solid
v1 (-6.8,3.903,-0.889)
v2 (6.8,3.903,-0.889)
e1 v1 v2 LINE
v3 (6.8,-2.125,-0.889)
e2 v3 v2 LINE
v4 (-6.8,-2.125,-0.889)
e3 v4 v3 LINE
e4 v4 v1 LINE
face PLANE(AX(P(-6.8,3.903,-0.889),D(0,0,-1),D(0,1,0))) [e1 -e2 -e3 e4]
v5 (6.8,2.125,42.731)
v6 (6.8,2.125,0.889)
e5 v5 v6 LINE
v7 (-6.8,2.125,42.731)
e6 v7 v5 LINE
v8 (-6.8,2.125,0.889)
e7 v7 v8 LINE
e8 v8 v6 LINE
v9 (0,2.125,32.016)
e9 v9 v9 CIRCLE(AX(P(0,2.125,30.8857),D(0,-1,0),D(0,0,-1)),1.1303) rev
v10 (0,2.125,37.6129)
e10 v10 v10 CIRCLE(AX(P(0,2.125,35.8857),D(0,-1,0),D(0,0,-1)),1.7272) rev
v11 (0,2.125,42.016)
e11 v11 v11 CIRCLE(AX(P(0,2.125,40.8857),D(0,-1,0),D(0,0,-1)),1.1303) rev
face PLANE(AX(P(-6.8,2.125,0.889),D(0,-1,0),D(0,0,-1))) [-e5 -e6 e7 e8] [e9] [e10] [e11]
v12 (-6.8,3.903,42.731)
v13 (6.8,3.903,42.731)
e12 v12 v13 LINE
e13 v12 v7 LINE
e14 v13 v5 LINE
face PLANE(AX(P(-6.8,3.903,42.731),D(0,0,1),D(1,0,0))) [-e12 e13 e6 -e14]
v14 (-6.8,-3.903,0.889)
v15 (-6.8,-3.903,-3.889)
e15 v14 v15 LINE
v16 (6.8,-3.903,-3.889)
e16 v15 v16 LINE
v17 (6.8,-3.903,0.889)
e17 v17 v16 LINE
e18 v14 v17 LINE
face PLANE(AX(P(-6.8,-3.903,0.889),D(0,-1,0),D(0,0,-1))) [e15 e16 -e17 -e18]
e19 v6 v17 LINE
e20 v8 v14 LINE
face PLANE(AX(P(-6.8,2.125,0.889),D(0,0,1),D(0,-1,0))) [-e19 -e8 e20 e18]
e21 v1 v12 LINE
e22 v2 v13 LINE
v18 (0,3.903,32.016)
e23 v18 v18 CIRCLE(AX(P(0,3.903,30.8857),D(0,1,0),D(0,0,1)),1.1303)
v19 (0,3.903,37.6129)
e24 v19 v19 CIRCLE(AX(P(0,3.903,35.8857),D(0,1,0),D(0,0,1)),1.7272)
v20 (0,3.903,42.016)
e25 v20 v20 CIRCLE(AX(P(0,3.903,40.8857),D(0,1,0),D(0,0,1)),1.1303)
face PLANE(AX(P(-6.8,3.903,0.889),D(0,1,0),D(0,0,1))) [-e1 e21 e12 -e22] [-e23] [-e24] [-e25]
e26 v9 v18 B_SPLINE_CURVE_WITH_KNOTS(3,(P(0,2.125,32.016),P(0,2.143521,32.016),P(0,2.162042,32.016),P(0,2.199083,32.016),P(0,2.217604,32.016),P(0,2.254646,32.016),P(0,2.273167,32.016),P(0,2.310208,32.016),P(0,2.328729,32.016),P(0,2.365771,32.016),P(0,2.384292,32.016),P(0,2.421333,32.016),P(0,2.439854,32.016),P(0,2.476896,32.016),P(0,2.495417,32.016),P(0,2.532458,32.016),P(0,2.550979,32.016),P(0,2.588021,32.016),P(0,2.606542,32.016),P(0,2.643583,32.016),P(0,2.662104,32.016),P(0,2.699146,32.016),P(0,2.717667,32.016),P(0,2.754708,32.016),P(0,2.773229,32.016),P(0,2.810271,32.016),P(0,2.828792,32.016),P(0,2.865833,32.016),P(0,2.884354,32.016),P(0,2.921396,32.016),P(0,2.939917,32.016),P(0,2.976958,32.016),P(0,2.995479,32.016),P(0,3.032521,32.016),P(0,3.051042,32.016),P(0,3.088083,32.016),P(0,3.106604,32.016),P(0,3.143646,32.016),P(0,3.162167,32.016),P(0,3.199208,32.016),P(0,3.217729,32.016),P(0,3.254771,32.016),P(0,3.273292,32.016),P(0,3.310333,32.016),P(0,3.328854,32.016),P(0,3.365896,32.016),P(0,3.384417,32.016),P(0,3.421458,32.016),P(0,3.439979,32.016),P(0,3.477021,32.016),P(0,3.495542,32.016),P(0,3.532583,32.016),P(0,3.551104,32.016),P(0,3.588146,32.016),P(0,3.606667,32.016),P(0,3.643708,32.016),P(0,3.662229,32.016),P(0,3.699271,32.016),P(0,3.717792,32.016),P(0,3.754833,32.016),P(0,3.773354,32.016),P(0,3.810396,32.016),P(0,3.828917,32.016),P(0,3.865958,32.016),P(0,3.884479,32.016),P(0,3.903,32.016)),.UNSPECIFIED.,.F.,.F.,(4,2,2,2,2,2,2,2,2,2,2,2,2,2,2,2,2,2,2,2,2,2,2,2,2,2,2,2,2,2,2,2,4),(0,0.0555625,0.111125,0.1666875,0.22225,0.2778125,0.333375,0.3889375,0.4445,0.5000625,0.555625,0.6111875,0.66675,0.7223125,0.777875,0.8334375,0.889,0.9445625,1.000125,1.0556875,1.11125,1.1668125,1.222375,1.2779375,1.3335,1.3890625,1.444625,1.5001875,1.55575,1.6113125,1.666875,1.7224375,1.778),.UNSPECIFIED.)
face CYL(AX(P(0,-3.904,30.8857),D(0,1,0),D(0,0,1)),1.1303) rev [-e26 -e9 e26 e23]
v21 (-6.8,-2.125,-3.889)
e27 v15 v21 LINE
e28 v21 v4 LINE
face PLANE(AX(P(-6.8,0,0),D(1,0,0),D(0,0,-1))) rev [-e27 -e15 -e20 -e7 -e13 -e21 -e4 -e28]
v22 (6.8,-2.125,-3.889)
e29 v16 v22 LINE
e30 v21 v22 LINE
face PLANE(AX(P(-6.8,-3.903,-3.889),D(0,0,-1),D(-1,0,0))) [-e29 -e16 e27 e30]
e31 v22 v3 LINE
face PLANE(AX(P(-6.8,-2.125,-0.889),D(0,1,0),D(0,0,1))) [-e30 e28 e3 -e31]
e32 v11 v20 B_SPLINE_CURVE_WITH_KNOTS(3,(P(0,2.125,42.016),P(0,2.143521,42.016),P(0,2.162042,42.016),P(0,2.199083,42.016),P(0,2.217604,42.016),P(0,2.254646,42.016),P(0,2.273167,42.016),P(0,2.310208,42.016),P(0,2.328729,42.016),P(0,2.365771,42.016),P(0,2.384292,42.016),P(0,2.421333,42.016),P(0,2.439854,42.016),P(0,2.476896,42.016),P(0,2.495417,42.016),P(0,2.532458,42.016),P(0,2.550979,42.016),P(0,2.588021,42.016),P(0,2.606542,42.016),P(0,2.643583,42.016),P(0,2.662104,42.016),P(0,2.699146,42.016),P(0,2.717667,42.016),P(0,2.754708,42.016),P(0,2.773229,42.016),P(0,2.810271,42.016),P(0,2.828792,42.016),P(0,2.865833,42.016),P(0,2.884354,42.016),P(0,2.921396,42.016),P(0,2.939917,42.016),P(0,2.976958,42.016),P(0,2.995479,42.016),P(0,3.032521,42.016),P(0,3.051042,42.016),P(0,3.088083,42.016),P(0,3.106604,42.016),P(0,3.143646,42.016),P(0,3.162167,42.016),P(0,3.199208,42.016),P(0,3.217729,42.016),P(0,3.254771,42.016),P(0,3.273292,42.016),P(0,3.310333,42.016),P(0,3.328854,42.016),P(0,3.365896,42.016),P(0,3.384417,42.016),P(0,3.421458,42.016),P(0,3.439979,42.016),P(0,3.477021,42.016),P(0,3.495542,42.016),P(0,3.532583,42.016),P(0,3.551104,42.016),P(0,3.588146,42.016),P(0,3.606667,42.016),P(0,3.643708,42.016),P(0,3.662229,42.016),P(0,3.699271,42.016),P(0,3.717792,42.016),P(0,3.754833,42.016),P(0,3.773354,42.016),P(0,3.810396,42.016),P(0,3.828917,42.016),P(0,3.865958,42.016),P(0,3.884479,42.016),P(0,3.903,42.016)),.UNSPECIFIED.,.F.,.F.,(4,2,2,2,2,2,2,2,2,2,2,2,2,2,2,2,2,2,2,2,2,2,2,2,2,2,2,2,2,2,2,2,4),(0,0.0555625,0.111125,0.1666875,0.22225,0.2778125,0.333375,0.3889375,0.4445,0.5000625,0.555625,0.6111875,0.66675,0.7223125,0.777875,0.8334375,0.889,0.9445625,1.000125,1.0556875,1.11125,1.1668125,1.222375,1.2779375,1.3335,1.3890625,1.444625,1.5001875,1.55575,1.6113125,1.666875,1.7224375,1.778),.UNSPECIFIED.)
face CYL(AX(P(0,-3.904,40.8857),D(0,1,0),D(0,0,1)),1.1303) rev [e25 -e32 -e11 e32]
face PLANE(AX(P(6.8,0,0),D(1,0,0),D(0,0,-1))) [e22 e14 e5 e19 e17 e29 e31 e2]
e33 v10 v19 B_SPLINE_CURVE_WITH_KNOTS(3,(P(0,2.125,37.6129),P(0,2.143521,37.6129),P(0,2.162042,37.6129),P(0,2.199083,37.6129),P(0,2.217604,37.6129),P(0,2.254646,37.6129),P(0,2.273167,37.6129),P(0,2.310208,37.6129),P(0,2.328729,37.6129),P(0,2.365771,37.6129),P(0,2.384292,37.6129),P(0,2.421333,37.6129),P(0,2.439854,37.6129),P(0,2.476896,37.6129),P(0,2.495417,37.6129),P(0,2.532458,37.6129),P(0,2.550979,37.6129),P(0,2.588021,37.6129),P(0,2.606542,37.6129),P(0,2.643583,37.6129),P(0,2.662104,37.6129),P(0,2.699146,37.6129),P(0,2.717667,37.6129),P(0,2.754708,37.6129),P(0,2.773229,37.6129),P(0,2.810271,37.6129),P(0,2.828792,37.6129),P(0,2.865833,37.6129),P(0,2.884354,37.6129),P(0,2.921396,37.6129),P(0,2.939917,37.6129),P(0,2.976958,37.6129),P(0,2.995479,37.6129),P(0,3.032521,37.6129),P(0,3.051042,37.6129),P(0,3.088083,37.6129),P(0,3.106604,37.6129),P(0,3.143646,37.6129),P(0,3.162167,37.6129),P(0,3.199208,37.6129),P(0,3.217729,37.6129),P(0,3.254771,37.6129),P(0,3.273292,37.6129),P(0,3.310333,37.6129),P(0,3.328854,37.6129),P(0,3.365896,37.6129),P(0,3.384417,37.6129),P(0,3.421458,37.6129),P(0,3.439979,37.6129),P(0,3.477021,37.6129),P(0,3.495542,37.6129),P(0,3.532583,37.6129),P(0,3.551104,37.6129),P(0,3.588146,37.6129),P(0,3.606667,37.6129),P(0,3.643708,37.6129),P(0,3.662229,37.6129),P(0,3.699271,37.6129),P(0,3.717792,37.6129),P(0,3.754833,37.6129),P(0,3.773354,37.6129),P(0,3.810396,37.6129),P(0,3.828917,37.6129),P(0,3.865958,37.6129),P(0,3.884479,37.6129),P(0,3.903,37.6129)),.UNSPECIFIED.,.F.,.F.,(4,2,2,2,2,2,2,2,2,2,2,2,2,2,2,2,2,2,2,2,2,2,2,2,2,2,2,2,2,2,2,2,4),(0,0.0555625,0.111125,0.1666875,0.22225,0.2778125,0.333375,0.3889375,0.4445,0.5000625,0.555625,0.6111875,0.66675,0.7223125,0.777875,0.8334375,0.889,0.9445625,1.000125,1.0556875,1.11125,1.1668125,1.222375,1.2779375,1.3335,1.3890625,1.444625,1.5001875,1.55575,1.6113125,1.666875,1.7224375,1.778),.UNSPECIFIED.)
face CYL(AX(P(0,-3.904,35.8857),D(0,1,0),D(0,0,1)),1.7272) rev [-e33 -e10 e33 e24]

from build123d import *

# Parameters (mm, degrees)
BOSS_EXTRUDE1_DEPTH      = 6.8
BOSS_EXTRUDE1_DEPTH_BACK = 6.8
CUT_EXTRUDE1_REACH       = 45.967
SKETCH2_R                = 1.1303
SKETCH2_R_2              = 1.7272


with BuildPart() as part:
    # Sketch1 → Boss-Extrude1 (new, two sides: drawn at the far end of the back side and taken through both)
    with BuildSketch(Plane(origin=(0, 0, 0), x_dir=(0, 0, -1), z_dir=(1, 0, 0)).offset(-BOSS_EXTRUDE1_DEPTH_BACK)):
        Polygon((0.889, 3.903), (-0.889, 3.903), (-42.731, 3.903), (-42.731, 2.125), (-0.889, 2.125), (-0.889, -3.903), (3.889, -3.903), (3.889, -2.125), (0.889, -2.125), align=None)
    extrude(amount=BOSS_EXTRUDE1_DEPTH + BOSS_EXTRUDE1_DEPTH_BACK)

    # Sketch2 → Cut-Extrude1 (cut, up to next)
    with BuildSketch(Plane(origin=(0, 3.903, 0), x_dir=(1, 0, 0), z_dir=(0, 1, 0)), mode=Mode.PRIVATE) as cut_extrude1_sk1:
        with Locations((0, -40.8857)):
            Circle(SKETCH2_R)
    cut_extrude1_tool1 = extrude(cut_extrude1_sk1.sketch, amount=-CUT_EXTRUDE1_REACH, mode=Mode.PRIVATE) & part.part
    # Sketch2 → Cut-Extrude1 (cut, up to next)
    with BuildSketch(Plane(origin=(0, 3.903, 0), x_dir=(1, 0, 0), z_dir=(0, 1, 0)), mode=Mode.PRIVATE) as cut_extrude1_sk2:
        with Locations((0, -35.8857)):
            Circle(SKETCH2_R_2)
    cut_extrude1_tool2 = extrude(cut_extrude1_sk2.sketch, amount=-CUT_EXTRUDE1_REACH, mode=Mode.PRIVATE) & part.part
    # Sketch2 → Cut-Extrude1 (cut, up to next)
    with BuildSketch(Plane(origin=(0, 3.903, 0), x_dir=(1, 0, 0), z_dir=(0, 1, 0)), mode=Mode.PRIVATE) as cut_extrude1_sk3:
        with Locations((0, -30.8857)):
            Circle(SKETCH2_R)
    cut_extrude1_tool3 = extrude(cut_extrude1_sk3.sketch, amount=-CUT_EXTRUDE1_REACH, mode=Mode.PRIVATE) & part.part
    add(cut_extrude1_tool1.solids().sort_by_distance((0, 3.903, 40.8857))[0], mode=Mode.SUBTRACT)
    add(cut_extrude1_tool2.solids().sort_by_distance((0, 3.903, 35.8857))[0], mode=Mode.SUBTRACT)
    add(cut_extrude1_tool3.solids().sort_by_distance((0, 3.903, 30.8857))[0], mode=Mode.SUBTRACT)


solid = part.part
